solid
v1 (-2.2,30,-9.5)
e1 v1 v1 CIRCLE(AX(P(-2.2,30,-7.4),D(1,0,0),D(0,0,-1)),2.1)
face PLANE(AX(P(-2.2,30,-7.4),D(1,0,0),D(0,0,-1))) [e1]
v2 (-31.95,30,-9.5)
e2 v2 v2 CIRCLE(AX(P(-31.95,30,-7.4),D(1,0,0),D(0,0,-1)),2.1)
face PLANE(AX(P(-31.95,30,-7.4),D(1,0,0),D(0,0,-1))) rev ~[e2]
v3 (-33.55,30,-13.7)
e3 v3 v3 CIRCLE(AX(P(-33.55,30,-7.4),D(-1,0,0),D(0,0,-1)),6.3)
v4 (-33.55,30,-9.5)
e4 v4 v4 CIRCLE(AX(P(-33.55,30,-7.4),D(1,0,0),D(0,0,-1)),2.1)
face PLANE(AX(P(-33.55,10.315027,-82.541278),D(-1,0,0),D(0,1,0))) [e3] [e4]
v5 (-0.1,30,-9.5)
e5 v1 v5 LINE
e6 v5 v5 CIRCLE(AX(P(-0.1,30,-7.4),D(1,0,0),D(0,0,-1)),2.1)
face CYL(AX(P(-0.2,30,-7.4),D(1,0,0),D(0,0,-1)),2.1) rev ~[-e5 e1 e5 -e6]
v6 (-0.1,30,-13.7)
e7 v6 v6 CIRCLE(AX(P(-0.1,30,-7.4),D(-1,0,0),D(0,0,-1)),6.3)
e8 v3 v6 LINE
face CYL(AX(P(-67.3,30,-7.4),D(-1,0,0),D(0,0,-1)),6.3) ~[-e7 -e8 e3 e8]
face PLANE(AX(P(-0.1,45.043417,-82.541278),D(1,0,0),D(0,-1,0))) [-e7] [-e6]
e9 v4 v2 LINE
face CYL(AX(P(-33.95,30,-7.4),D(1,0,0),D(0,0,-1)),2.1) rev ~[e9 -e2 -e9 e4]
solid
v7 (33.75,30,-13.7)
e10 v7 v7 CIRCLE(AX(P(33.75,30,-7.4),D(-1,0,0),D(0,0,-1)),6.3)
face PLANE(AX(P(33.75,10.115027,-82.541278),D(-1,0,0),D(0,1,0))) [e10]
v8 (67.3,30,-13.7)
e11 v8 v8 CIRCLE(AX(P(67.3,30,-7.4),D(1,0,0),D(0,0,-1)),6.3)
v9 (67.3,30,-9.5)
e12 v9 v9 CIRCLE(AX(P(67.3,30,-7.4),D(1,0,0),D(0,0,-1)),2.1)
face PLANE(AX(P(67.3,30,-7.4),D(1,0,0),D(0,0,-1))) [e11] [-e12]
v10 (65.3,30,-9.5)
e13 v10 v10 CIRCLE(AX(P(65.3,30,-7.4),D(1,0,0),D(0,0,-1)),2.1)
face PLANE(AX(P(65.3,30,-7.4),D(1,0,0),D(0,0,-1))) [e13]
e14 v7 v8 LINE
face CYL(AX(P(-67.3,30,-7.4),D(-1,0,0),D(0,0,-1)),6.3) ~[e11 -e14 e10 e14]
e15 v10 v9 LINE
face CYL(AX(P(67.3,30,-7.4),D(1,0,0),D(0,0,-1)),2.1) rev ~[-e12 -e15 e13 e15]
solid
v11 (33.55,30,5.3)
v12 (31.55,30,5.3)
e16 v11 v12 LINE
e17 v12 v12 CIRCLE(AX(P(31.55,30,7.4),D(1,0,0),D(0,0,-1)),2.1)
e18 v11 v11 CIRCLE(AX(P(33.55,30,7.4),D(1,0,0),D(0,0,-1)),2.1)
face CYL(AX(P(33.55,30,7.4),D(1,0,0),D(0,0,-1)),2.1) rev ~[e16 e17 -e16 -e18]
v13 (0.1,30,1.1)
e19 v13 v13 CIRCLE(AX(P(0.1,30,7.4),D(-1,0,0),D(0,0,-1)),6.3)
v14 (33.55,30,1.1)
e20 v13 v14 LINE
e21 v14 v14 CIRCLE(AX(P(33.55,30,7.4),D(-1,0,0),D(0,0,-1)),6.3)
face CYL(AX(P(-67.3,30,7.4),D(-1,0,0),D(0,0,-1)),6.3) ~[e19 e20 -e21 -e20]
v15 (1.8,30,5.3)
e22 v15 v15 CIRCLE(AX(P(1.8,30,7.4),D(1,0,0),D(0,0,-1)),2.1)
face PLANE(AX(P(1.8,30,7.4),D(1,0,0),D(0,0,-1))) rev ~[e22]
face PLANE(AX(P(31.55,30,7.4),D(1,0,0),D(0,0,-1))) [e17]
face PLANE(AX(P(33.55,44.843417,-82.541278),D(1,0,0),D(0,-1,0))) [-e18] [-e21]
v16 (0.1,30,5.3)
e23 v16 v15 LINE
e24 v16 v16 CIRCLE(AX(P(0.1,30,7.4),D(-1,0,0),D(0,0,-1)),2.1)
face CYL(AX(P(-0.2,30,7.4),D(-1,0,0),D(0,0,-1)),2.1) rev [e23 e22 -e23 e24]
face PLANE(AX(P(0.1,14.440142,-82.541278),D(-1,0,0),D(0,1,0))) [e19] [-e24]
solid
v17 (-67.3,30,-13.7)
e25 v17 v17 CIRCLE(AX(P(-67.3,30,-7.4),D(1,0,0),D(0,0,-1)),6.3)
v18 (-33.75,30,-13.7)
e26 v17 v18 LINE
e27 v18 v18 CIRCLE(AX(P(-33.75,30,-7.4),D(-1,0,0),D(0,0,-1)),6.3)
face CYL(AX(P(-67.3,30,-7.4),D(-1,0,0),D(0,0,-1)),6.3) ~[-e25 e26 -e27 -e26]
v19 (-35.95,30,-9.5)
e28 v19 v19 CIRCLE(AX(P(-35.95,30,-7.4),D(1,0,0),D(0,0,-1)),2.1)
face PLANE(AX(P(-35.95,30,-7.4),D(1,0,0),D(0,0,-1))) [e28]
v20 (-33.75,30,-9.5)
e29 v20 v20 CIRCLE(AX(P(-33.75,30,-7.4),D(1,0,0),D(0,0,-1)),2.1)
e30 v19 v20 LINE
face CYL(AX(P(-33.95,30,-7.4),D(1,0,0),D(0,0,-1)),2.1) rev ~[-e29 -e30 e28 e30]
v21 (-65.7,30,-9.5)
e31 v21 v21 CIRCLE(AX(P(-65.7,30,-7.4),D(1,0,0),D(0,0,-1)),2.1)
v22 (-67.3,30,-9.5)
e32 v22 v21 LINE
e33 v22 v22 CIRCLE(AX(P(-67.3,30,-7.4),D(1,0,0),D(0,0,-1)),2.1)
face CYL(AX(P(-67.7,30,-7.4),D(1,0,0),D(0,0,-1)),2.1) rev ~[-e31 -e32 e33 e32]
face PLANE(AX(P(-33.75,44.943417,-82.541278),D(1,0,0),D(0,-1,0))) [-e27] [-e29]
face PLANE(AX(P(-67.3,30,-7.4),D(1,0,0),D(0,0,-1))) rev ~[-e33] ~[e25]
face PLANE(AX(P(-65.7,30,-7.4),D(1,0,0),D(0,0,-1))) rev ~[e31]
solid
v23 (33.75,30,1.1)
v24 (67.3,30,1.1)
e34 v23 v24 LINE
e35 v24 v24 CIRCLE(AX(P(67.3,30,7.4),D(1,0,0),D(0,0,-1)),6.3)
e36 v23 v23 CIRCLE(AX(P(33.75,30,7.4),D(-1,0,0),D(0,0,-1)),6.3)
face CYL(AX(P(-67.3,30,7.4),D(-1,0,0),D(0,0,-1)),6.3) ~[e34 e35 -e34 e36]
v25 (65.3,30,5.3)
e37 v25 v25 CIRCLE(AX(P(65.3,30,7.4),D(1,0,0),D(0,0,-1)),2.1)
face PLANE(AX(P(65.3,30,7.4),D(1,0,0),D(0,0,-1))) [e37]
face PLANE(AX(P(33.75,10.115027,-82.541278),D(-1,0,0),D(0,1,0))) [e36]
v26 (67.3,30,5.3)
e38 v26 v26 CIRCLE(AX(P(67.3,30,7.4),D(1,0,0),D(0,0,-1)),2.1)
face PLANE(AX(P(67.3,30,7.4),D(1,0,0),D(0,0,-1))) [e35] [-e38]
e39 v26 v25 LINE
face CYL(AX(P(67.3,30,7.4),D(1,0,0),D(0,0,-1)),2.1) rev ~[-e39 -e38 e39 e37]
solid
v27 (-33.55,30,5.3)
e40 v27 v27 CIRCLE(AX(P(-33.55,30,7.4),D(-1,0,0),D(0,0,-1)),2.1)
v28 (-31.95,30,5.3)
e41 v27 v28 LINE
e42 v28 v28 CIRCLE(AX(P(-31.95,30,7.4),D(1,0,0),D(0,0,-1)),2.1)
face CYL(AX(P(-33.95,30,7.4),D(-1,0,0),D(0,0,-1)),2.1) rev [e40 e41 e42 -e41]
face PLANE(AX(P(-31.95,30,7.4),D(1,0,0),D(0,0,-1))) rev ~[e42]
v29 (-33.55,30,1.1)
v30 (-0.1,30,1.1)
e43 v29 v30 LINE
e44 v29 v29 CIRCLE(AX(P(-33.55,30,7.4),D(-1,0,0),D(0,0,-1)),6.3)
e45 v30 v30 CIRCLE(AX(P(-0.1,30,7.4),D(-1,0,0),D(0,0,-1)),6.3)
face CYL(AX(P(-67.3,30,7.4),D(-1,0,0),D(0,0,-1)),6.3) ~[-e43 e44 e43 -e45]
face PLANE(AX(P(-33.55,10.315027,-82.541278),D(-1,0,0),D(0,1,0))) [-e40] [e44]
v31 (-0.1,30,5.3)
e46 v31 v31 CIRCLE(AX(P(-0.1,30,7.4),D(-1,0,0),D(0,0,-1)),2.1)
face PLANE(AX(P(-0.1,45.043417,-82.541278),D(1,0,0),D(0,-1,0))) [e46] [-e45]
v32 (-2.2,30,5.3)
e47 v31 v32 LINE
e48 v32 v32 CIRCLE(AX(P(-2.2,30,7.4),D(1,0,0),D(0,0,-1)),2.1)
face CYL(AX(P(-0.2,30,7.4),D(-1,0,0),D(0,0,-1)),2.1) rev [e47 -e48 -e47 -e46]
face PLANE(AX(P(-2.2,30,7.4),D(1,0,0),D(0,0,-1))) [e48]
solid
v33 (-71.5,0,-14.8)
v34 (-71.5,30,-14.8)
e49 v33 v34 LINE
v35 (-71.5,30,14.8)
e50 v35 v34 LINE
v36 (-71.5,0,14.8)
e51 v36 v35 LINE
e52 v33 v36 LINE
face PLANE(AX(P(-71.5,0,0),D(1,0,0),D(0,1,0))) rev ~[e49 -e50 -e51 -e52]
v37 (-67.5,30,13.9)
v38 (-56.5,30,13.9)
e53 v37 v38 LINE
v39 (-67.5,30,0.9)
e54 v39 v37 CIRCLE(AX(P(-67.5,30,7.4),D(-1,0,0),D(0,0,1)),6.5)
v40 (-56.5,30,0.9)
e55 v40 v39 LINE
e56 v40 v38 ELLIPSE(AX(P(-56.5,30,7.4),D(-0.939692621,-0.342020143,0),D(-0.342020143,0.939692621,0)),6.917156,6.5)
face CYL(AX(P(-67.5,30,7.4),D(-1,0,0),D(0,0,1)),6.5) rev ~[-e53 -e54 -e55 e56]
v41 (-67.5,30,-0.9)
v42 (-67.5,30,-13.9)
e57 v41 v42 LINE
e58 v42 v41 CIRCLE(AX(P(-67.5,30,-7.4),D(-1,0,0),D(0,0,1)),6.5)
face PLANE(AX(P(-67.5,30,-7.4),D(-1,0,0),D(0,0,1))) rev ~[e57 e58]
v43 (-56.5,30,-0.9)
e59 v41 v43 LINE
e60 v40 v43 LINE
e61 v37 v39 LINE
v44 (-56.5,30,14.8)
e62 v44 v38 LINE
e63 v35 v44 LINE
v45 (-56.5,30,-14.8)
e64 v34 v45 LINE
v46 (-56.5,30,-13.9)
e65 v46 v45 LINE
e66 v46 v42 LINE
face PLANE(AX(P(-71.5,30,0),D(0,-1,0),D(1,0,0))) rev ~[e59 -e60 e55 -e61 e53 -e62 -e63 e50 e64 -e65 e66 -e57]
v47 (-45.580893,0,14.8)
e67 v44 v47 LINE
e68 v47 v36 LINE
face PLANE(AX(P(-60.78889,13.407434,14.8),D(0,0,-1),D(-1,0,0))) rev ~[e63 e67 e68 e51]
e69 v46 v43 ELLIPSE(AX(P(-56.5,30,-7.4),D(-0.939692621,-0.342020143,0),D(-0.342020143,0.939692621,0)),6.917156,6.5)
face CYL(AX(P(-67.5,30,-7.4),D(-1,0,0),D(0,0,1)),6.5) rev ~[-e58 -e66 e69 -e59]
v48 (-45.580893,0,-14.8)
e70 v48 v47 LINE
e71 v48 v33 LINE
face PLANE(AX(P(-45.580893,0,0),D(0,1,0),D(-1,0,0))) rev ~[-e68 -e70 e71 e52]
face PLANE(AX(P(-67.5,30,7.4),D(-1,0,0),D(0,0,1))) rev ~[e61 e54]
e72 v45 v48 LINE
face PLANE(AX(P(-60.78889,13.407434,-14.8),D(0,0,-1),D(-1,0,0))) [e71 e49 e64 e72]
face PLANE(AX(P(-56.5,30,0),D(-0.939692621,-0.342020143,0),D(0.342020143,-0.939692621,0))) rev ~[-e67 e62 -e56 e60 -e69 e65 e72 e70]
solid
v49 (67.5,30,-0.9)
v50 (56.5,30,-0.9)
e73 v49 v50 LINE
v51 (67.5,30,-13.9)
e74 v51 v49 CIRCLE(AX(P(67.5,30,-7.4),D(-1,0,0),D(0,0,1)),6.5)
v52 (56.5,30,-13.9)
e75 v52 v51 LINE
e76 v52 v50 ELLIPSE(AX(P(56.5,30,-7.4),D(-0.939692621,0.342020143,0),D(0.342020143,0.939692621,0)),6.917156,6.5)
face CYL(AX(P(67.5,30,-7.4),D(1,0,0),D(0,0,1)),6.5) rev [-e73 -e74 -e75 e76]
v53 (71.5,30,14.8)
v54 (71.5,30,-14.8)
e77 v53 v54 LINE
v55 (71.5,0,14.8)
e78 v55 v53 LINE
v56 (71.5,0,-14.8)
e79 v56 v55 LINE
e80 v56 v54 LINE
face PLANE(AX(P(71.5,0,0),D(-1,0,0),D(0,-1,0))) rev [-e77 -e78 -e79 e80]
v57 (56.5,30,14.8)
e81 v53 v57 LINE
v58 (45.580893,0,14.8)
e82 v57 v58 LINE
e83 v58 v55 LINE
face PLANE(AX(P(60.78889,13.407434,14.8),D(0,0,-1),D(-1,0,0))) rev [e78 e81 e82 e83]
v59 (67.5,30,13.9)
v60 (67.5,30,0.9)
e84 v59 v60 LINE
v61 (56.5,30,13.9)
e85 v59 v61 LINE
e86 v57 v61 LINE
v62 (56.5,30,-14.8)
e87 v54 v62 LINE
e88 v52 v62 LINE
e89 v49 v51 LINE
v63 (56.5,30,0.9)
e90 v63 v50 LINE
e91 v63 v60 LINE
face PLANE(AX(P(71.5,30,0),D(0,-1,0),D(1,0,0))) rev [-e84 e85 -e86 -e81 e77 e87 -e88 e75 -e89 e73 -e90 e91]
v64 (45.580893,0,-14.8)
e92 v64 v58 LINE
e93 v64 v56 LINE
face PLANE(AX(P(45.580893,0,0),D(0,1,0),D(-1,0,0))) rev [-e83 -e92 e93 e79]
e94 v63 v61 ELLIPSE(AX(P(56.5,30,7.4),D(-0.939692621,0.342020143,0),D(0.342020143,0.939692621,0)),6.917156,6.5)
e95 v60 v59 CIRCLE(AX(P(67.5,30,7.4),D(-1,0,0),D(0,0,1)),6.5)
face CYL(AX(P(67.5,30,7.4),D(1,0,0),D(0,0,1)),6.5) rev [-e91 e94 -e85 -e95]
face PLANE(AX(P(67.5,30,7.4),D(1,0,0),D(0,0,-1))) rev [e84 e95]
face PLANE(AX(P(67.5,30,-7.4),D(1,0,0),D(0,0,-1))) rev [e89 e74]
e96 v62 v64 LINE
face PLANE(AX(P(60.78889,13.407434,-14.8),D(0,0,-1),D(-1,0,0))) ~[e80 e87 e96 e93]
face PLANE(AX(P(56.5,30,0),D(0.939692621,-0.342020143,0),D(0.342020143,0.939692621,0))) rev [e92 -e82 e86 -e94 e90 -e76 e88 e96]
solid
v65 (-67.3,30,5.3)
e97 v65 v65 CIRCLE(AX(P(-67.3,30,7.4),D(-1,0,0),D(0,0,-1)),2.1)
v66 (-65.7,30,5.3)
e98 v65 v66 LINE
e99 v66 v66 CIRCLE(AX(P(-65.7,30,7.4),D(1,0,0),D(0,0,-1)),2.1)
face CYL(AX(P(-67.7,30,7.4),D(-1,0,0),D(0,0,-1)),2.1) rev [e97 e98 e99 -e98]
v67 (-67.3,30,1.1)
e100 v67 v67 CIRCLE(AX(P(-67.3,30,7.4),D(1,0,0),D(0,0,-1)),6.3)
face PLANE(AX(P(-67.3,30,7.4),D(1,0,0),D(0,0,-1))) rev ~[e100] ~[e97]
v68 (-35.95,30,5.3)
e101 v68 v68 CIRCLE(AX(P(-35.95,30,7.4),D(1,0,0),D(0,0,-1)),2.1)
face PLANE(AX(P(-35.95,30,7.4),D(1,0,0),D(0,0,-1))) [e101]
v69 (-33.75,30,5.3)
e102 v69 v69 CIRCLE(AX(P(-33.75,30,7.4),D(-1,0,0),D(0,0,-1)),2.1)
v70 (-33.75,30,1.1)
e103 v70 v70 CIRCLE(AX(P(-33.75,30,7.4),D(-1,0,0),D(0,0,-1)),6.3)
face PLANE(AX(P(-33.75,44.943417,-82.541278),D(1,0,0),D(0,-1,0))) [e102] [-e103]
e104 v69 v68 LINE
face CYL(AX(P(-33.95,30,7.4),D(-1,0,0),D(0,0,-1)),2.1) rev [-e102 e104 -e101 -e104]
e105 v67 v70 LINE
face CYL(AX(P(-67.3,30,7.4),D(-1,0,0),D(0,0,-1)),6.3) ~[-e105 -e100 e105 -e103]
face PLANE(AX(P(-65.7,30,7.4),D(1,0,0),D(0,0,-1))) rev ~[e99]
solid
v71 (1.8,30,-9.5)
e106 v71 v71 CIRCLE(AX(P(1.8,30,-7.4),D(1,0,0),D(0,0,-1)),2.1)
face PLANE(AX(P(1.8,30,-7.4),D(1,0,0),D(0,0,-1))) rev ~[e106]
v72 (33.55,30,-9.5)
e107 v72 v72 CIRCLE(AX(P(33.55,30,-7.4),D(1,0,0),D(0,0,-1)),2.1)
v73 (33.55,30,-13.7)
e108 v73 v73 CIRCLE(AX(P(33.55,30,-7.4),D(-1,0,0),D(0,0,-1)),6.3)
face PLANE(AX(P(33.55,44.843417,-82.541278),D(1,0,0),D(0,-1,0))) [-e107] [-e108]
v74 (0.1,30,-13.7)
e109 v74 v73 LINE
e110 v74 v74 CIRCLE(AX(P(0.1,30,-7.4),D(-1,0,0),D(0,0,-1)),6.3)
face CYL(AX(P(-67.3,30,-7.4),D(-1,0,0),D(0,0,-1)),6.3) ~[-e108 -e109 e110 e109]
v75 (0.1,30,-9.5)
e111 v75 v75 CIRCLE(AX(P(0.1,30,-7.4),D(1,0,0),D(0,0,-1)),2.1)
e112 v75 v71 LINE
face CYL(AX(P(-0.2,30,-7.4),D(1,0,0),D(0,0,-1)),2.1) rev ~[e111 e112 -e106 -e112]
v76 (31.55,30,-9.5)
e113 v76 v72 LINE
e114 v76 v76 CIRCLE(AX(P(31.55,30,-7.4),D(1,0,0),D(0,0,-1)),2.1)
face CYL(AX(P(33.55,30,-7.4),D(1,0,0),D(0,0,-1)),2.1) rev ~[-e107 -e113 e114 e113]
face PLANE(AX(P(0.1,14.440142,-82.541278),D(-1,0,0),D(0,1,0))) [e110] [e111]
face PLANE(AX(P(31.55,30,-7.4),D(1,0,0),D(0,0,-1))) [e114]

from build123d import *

# Parameters (mm, degrees)
BOSS_EXTRUDE1_DEPTH          = 14.8
CUT_EXTRUDE1_START           = -4
SKETCH2_R                    = 6.5
CUT_EXTRUDE1_DEPTH           = 29.6
BOSS_EXTRUDE2_START          = 0.2
SKETCH3_R                    = 6.3
BOSS_EXTRUDE2_DEPTH          = 134.6
BOSS_EXTRUDE2_2_DEPTH        = 134.6
CUT_EXTRUDE_THIN1_DEPTH      = 82.54127789
CUT_EXTRUDE_THIN1_DEPTH_BACK = 82.54127789
SKETCH5_R                    = 2.1
CUT_EXTRUDE2_DEPTH           = 2
LPATTERN1_COUNT              = 5
LPATTERN1_PITCH              = 33.75


with BuildPart() as part:
    # Sketch1 → Boss-Extrude1 (new, symmetric)
    with BuildSketch(Plane.XY):
        Polygon((-71.5, 0), (-71.5, 30), (-56.5, 30), (-45.580892972, 0), align=None)
    extrude(amount=BOSS_EXTRUDE1_DEPTH, both=True)

    # Sketch2 → Cut-Extrude1 (cut)
    with BuildSketch(Plane.ZY.offset(71.5).offset(CUT_EXTRUDE1_START)):
        with Locations((-7.4, 30)):
            Circle(SKETCH2_R)
        with Locations((7.4, 30)):
            Circle(SKETCH2_R)
    extrude(amount=-CUT_EXTRUDE1_DEPTH, mode=Mode.SUBTRACT)


with BuildPart() as body_2:
    # Mirror3: mirrored copy
    add(part.part.mirror(Plane(origin=(0, 0, 0), x_dir=(0, 0, 1), z_dir=(1, 0, 0))))


with BuildPart() as body_3:
    # Sketch3 → Boss-Extrude2 (new body)
    with BuildSketch(Plane(origin=(-67.5, 0, 0), x_dir=(0, 0, -1), z_dir=(1, 0, 0)).offset(BOSS_EXTRUDE2_START)):
        with Locations((-7.4, 30)):
            Circle(SKETCH3_R)
    extrude(amount=BOSS_EXTRUDE2_DEPTH)


with BuildPart() as body_4:
    # Sketch3 → Boss-Extrude2 2 (new body)
    with BuildSketch(Plane(origin=(-67.5, 0, 0), x_dir=(0, 0, -1), z_dir=(1, 0, 0)).offset(BOSS_EXTRUDE2_START)):
        with Locations((7.4, 30)):
            Circle(SKETCH3_R)
    extrude(amount=BOSS_EXTRUDE2_2_DEPTH)


with BuildPart() as cut_extrude_thin1_tool:
    # Sketch4 → Cut-Extrude-Thin1 (new, two sides: drawn at the far end of the back side and taken through both)
    with BuildSketch(Plane.XY.offset(-CUT_EXTRUDE_THIN1_DEPTH_BACK)):
        Polygon((-33.75, 44.943416657), (-33.75, 10.115026606), (33.75, 10.115026606), (33.75, 45.043416657), (-0.1, 45.043416657), (-0.1, 14.440142309), (0.1, 14.440142309), (0.1, 44.843416657), (33.55, 44.843416657), (33.55, 10.315026606), (-33.55, 10.315026606), (-33.55, 44.943416657), align=None)
    extrude(amount=CUT_EXTRUDE_THIN1_DEPTH + CUT_EXTRUDE_THIN1_DEPTH_BACK)


with BuildPart() as body_3_1:
    add(body_3.part)

    # Cut-Extrude-Thin1: cut by cut_extrude_thin1_tool
    add(cut_extrude_thin1_tool.part, mode=Mode.SUBTRACT)


with BuildPart() as body_4_1:
    add(body_4.part)

    # Cut-Extrude-Thin1: cut by cut_extrude_thin1_tool
    add(cut_extrude_thin1_tool.part, mode=Mode.SUBTRACT)


with BuildPart() as cut_extrude_thin1_piece_1:
    # of the separate pieces the step leaves, piece 1, a body of its own (cut_extrude_thin1_pieces)
    add(body_3_1.part.solids().sort_by_distance((33.75, 30, 1.1))[0])


with BuildPart() as cut_extrude_thin1_piece_2:
    # of the separate pieces the step leaves, piece 2, a body of its own (cut_extrude_thin1_pieces)
    add(body_3_1.part.solids().sort_by_distance((-67.3, 30, 1.1))[0])


with BuildPart() as cut_extrude_thin1_piece_3:
    # of the separate pieces the step leaves, piece 3, a body of its own (cut_extrude_thin1_pieces)
    add(body_3_1.part.solids().sort_by_distance((-33.55, 30, 1.1))[0])


with BuildPart() as cut_extrude_thin1_piece_4:
    # of the separate pieces the step leaves, piece 4, a body of its own (cut_extrude_thin1_pieces)
    add(body_3_1.part.solids().sort_by_distance((0.1, 30, 1.1))[0])


with BuildPart() as cut_extrude_thin1_piece_1_of_body_4:
    # of the separate pieces the step leaves, piece 1, a body of its own (cut_extrude_thin1_pieces_of_body_4)
    add(body_4_1.part.solids().sort_by_distance((33.75, 30, -13.7))[0])


with BuildPart() as cut_extrude_thin1_piece_2_of_body_4:
    # of the separate pieces the step leaves, piece 2, a body of its own (cut_extrude_thin1_pieces_of_body_4)
    add(body_4_1.part.solids().sort_by_distance((-67.3, 30, -13.7))[0])


with BuildPart() as cut_extrude_thin1_piece_3_of_body_4:
    # of the separate pieces the step leaves, piece 3, a body of its own (cut_extrude_thin1_pieces_of_body_4)
    add(body_4_1.part.solids().sort_by_distance((-33.55, 30, -13.7))[0])


with BuildPart() as cut_extrude_thin1_piece_4_of_body_4:
    # of the separate pieces the step leaves, piece 4, a body of its own (cut_extrude_thin1_pieces_of_body_4)
    add(body_4_1.part.solids().sort_by_distance((0.1, 30, -13.7))[0])


with BuildPart() as cut_extrude2_tool:
    # Sketch5 → Cut-Extrude2 (new, symmetric)
    with BuildSketch(Plane(origin=(67.3, 0, 0), x_dir=(0, 0, -1), z_dir=(1, 0, 0))):
        with Locations((-7.4, 30)):
            Circle(SKETCH5_R)
        with Locations((7.4, 30)):
            Circle(SKETCH5_R)
    cut_extrude2 = extrude(amount=CUT_EXTRUDE2_DEPTH, both=True)


with BuildPart() as cut_extrude_thin1_piece_1_1:
    add(cut_extrude_thin1_piece_1.part)

    # Cut-Extrude2: cut by cut_extrude2_tool
    add(cut_extrude2_tool.part, mode=Mode.SUBTRACT)


with BuildPart() as cut_extrude_thin1_piece_1_of_body_4_1:
    add(cut_extrude_thin1_piece_1_of_body_4.part)

    # Cut-Extrude2: cut by cut_extrude2_tool
    add(cut_extrude2_tool.part, mode=Mode.SUBTRACT)


with BuildPart() as lpattern1_tool:
    # LPattern1: Cut-Extrude2 ×5
    with Locations(*[(-i * LPATTERN1_PITCH, 0, 0) for i in range(1, LPATTERN1_COUNT)]):
        add(cut_extrude2)


with BuildPart() as cut_extrude_thin1_piece_2_of_body_4_1:
    add(cut_extrude_thin1_piece_2_of_body_4.part)

    # LPattern1: cut by lpattern1_tool
    add(lpattern1_tool.part, mode=Mode.SUBTRACT)


with BuildPart() as cut_extrude_thin1_piece_2_1:
    add(cut_extrude_thin1_piece_2.part)

    # LPattern1: cut by lpattern1_tool
    add(lpattern1_tool.part, mode=Mode.SUBTRACT)


with BuildPart() as cut_extrude_thin1_piece_4_of_body_4_1:
    add(cut_extrude_thin1_piece_4_of_body_4.part)

    # LPattern1: cut by lpattern1_tool
    add(lpattern1_tool.part, mode=Mode.SUBTRACT)


with BuildPart() as cut_extrude_thin1_piece_4_1:
    add(cut_extrude_thin1_piece_4.part)

    # LPattern1: cut by lpattern1_tool
    add(lpattern1_tool.part, mode=Mode.SUBTRACT)


with BuildPart() as cut_extrude_thin1_piece_3_of_body_4_1:
    add(cut_extrude_thin1_piece_3_of_body_4.part)

    # LPattern1: cut by lpattern1_tool
    add(lpattern1_tool.part, mode=Mode.SUBTRACT)


with BuildPart() as cut_extrude_thin1_piece_3_1:
    add(cut_extrude_thin1_piece_3.part)

    # LPattern1: cut by lpattern1_tool
    add(lpattern1_tool.part, mode=Mode.SUBTRACT)


solid = Compound([part.part, body_2.part, cut_extrude_thin1_piece_1_1.part, cut_extrude_thin1_piece_1_of_body_4_1.part, cut_extrude_thin1_piece_2_of_body_4_1.part, cut_extrude_thin1_piece_2_1.part, cut_extrude_thin1_piece_4_of_body_4_1.part, cut_extrude_thin1_piece_4_1.part, cut_extrude_thin1_piece_3_of_body_4_1.part, cut_extrude_thin1_piece_3_1.part])
